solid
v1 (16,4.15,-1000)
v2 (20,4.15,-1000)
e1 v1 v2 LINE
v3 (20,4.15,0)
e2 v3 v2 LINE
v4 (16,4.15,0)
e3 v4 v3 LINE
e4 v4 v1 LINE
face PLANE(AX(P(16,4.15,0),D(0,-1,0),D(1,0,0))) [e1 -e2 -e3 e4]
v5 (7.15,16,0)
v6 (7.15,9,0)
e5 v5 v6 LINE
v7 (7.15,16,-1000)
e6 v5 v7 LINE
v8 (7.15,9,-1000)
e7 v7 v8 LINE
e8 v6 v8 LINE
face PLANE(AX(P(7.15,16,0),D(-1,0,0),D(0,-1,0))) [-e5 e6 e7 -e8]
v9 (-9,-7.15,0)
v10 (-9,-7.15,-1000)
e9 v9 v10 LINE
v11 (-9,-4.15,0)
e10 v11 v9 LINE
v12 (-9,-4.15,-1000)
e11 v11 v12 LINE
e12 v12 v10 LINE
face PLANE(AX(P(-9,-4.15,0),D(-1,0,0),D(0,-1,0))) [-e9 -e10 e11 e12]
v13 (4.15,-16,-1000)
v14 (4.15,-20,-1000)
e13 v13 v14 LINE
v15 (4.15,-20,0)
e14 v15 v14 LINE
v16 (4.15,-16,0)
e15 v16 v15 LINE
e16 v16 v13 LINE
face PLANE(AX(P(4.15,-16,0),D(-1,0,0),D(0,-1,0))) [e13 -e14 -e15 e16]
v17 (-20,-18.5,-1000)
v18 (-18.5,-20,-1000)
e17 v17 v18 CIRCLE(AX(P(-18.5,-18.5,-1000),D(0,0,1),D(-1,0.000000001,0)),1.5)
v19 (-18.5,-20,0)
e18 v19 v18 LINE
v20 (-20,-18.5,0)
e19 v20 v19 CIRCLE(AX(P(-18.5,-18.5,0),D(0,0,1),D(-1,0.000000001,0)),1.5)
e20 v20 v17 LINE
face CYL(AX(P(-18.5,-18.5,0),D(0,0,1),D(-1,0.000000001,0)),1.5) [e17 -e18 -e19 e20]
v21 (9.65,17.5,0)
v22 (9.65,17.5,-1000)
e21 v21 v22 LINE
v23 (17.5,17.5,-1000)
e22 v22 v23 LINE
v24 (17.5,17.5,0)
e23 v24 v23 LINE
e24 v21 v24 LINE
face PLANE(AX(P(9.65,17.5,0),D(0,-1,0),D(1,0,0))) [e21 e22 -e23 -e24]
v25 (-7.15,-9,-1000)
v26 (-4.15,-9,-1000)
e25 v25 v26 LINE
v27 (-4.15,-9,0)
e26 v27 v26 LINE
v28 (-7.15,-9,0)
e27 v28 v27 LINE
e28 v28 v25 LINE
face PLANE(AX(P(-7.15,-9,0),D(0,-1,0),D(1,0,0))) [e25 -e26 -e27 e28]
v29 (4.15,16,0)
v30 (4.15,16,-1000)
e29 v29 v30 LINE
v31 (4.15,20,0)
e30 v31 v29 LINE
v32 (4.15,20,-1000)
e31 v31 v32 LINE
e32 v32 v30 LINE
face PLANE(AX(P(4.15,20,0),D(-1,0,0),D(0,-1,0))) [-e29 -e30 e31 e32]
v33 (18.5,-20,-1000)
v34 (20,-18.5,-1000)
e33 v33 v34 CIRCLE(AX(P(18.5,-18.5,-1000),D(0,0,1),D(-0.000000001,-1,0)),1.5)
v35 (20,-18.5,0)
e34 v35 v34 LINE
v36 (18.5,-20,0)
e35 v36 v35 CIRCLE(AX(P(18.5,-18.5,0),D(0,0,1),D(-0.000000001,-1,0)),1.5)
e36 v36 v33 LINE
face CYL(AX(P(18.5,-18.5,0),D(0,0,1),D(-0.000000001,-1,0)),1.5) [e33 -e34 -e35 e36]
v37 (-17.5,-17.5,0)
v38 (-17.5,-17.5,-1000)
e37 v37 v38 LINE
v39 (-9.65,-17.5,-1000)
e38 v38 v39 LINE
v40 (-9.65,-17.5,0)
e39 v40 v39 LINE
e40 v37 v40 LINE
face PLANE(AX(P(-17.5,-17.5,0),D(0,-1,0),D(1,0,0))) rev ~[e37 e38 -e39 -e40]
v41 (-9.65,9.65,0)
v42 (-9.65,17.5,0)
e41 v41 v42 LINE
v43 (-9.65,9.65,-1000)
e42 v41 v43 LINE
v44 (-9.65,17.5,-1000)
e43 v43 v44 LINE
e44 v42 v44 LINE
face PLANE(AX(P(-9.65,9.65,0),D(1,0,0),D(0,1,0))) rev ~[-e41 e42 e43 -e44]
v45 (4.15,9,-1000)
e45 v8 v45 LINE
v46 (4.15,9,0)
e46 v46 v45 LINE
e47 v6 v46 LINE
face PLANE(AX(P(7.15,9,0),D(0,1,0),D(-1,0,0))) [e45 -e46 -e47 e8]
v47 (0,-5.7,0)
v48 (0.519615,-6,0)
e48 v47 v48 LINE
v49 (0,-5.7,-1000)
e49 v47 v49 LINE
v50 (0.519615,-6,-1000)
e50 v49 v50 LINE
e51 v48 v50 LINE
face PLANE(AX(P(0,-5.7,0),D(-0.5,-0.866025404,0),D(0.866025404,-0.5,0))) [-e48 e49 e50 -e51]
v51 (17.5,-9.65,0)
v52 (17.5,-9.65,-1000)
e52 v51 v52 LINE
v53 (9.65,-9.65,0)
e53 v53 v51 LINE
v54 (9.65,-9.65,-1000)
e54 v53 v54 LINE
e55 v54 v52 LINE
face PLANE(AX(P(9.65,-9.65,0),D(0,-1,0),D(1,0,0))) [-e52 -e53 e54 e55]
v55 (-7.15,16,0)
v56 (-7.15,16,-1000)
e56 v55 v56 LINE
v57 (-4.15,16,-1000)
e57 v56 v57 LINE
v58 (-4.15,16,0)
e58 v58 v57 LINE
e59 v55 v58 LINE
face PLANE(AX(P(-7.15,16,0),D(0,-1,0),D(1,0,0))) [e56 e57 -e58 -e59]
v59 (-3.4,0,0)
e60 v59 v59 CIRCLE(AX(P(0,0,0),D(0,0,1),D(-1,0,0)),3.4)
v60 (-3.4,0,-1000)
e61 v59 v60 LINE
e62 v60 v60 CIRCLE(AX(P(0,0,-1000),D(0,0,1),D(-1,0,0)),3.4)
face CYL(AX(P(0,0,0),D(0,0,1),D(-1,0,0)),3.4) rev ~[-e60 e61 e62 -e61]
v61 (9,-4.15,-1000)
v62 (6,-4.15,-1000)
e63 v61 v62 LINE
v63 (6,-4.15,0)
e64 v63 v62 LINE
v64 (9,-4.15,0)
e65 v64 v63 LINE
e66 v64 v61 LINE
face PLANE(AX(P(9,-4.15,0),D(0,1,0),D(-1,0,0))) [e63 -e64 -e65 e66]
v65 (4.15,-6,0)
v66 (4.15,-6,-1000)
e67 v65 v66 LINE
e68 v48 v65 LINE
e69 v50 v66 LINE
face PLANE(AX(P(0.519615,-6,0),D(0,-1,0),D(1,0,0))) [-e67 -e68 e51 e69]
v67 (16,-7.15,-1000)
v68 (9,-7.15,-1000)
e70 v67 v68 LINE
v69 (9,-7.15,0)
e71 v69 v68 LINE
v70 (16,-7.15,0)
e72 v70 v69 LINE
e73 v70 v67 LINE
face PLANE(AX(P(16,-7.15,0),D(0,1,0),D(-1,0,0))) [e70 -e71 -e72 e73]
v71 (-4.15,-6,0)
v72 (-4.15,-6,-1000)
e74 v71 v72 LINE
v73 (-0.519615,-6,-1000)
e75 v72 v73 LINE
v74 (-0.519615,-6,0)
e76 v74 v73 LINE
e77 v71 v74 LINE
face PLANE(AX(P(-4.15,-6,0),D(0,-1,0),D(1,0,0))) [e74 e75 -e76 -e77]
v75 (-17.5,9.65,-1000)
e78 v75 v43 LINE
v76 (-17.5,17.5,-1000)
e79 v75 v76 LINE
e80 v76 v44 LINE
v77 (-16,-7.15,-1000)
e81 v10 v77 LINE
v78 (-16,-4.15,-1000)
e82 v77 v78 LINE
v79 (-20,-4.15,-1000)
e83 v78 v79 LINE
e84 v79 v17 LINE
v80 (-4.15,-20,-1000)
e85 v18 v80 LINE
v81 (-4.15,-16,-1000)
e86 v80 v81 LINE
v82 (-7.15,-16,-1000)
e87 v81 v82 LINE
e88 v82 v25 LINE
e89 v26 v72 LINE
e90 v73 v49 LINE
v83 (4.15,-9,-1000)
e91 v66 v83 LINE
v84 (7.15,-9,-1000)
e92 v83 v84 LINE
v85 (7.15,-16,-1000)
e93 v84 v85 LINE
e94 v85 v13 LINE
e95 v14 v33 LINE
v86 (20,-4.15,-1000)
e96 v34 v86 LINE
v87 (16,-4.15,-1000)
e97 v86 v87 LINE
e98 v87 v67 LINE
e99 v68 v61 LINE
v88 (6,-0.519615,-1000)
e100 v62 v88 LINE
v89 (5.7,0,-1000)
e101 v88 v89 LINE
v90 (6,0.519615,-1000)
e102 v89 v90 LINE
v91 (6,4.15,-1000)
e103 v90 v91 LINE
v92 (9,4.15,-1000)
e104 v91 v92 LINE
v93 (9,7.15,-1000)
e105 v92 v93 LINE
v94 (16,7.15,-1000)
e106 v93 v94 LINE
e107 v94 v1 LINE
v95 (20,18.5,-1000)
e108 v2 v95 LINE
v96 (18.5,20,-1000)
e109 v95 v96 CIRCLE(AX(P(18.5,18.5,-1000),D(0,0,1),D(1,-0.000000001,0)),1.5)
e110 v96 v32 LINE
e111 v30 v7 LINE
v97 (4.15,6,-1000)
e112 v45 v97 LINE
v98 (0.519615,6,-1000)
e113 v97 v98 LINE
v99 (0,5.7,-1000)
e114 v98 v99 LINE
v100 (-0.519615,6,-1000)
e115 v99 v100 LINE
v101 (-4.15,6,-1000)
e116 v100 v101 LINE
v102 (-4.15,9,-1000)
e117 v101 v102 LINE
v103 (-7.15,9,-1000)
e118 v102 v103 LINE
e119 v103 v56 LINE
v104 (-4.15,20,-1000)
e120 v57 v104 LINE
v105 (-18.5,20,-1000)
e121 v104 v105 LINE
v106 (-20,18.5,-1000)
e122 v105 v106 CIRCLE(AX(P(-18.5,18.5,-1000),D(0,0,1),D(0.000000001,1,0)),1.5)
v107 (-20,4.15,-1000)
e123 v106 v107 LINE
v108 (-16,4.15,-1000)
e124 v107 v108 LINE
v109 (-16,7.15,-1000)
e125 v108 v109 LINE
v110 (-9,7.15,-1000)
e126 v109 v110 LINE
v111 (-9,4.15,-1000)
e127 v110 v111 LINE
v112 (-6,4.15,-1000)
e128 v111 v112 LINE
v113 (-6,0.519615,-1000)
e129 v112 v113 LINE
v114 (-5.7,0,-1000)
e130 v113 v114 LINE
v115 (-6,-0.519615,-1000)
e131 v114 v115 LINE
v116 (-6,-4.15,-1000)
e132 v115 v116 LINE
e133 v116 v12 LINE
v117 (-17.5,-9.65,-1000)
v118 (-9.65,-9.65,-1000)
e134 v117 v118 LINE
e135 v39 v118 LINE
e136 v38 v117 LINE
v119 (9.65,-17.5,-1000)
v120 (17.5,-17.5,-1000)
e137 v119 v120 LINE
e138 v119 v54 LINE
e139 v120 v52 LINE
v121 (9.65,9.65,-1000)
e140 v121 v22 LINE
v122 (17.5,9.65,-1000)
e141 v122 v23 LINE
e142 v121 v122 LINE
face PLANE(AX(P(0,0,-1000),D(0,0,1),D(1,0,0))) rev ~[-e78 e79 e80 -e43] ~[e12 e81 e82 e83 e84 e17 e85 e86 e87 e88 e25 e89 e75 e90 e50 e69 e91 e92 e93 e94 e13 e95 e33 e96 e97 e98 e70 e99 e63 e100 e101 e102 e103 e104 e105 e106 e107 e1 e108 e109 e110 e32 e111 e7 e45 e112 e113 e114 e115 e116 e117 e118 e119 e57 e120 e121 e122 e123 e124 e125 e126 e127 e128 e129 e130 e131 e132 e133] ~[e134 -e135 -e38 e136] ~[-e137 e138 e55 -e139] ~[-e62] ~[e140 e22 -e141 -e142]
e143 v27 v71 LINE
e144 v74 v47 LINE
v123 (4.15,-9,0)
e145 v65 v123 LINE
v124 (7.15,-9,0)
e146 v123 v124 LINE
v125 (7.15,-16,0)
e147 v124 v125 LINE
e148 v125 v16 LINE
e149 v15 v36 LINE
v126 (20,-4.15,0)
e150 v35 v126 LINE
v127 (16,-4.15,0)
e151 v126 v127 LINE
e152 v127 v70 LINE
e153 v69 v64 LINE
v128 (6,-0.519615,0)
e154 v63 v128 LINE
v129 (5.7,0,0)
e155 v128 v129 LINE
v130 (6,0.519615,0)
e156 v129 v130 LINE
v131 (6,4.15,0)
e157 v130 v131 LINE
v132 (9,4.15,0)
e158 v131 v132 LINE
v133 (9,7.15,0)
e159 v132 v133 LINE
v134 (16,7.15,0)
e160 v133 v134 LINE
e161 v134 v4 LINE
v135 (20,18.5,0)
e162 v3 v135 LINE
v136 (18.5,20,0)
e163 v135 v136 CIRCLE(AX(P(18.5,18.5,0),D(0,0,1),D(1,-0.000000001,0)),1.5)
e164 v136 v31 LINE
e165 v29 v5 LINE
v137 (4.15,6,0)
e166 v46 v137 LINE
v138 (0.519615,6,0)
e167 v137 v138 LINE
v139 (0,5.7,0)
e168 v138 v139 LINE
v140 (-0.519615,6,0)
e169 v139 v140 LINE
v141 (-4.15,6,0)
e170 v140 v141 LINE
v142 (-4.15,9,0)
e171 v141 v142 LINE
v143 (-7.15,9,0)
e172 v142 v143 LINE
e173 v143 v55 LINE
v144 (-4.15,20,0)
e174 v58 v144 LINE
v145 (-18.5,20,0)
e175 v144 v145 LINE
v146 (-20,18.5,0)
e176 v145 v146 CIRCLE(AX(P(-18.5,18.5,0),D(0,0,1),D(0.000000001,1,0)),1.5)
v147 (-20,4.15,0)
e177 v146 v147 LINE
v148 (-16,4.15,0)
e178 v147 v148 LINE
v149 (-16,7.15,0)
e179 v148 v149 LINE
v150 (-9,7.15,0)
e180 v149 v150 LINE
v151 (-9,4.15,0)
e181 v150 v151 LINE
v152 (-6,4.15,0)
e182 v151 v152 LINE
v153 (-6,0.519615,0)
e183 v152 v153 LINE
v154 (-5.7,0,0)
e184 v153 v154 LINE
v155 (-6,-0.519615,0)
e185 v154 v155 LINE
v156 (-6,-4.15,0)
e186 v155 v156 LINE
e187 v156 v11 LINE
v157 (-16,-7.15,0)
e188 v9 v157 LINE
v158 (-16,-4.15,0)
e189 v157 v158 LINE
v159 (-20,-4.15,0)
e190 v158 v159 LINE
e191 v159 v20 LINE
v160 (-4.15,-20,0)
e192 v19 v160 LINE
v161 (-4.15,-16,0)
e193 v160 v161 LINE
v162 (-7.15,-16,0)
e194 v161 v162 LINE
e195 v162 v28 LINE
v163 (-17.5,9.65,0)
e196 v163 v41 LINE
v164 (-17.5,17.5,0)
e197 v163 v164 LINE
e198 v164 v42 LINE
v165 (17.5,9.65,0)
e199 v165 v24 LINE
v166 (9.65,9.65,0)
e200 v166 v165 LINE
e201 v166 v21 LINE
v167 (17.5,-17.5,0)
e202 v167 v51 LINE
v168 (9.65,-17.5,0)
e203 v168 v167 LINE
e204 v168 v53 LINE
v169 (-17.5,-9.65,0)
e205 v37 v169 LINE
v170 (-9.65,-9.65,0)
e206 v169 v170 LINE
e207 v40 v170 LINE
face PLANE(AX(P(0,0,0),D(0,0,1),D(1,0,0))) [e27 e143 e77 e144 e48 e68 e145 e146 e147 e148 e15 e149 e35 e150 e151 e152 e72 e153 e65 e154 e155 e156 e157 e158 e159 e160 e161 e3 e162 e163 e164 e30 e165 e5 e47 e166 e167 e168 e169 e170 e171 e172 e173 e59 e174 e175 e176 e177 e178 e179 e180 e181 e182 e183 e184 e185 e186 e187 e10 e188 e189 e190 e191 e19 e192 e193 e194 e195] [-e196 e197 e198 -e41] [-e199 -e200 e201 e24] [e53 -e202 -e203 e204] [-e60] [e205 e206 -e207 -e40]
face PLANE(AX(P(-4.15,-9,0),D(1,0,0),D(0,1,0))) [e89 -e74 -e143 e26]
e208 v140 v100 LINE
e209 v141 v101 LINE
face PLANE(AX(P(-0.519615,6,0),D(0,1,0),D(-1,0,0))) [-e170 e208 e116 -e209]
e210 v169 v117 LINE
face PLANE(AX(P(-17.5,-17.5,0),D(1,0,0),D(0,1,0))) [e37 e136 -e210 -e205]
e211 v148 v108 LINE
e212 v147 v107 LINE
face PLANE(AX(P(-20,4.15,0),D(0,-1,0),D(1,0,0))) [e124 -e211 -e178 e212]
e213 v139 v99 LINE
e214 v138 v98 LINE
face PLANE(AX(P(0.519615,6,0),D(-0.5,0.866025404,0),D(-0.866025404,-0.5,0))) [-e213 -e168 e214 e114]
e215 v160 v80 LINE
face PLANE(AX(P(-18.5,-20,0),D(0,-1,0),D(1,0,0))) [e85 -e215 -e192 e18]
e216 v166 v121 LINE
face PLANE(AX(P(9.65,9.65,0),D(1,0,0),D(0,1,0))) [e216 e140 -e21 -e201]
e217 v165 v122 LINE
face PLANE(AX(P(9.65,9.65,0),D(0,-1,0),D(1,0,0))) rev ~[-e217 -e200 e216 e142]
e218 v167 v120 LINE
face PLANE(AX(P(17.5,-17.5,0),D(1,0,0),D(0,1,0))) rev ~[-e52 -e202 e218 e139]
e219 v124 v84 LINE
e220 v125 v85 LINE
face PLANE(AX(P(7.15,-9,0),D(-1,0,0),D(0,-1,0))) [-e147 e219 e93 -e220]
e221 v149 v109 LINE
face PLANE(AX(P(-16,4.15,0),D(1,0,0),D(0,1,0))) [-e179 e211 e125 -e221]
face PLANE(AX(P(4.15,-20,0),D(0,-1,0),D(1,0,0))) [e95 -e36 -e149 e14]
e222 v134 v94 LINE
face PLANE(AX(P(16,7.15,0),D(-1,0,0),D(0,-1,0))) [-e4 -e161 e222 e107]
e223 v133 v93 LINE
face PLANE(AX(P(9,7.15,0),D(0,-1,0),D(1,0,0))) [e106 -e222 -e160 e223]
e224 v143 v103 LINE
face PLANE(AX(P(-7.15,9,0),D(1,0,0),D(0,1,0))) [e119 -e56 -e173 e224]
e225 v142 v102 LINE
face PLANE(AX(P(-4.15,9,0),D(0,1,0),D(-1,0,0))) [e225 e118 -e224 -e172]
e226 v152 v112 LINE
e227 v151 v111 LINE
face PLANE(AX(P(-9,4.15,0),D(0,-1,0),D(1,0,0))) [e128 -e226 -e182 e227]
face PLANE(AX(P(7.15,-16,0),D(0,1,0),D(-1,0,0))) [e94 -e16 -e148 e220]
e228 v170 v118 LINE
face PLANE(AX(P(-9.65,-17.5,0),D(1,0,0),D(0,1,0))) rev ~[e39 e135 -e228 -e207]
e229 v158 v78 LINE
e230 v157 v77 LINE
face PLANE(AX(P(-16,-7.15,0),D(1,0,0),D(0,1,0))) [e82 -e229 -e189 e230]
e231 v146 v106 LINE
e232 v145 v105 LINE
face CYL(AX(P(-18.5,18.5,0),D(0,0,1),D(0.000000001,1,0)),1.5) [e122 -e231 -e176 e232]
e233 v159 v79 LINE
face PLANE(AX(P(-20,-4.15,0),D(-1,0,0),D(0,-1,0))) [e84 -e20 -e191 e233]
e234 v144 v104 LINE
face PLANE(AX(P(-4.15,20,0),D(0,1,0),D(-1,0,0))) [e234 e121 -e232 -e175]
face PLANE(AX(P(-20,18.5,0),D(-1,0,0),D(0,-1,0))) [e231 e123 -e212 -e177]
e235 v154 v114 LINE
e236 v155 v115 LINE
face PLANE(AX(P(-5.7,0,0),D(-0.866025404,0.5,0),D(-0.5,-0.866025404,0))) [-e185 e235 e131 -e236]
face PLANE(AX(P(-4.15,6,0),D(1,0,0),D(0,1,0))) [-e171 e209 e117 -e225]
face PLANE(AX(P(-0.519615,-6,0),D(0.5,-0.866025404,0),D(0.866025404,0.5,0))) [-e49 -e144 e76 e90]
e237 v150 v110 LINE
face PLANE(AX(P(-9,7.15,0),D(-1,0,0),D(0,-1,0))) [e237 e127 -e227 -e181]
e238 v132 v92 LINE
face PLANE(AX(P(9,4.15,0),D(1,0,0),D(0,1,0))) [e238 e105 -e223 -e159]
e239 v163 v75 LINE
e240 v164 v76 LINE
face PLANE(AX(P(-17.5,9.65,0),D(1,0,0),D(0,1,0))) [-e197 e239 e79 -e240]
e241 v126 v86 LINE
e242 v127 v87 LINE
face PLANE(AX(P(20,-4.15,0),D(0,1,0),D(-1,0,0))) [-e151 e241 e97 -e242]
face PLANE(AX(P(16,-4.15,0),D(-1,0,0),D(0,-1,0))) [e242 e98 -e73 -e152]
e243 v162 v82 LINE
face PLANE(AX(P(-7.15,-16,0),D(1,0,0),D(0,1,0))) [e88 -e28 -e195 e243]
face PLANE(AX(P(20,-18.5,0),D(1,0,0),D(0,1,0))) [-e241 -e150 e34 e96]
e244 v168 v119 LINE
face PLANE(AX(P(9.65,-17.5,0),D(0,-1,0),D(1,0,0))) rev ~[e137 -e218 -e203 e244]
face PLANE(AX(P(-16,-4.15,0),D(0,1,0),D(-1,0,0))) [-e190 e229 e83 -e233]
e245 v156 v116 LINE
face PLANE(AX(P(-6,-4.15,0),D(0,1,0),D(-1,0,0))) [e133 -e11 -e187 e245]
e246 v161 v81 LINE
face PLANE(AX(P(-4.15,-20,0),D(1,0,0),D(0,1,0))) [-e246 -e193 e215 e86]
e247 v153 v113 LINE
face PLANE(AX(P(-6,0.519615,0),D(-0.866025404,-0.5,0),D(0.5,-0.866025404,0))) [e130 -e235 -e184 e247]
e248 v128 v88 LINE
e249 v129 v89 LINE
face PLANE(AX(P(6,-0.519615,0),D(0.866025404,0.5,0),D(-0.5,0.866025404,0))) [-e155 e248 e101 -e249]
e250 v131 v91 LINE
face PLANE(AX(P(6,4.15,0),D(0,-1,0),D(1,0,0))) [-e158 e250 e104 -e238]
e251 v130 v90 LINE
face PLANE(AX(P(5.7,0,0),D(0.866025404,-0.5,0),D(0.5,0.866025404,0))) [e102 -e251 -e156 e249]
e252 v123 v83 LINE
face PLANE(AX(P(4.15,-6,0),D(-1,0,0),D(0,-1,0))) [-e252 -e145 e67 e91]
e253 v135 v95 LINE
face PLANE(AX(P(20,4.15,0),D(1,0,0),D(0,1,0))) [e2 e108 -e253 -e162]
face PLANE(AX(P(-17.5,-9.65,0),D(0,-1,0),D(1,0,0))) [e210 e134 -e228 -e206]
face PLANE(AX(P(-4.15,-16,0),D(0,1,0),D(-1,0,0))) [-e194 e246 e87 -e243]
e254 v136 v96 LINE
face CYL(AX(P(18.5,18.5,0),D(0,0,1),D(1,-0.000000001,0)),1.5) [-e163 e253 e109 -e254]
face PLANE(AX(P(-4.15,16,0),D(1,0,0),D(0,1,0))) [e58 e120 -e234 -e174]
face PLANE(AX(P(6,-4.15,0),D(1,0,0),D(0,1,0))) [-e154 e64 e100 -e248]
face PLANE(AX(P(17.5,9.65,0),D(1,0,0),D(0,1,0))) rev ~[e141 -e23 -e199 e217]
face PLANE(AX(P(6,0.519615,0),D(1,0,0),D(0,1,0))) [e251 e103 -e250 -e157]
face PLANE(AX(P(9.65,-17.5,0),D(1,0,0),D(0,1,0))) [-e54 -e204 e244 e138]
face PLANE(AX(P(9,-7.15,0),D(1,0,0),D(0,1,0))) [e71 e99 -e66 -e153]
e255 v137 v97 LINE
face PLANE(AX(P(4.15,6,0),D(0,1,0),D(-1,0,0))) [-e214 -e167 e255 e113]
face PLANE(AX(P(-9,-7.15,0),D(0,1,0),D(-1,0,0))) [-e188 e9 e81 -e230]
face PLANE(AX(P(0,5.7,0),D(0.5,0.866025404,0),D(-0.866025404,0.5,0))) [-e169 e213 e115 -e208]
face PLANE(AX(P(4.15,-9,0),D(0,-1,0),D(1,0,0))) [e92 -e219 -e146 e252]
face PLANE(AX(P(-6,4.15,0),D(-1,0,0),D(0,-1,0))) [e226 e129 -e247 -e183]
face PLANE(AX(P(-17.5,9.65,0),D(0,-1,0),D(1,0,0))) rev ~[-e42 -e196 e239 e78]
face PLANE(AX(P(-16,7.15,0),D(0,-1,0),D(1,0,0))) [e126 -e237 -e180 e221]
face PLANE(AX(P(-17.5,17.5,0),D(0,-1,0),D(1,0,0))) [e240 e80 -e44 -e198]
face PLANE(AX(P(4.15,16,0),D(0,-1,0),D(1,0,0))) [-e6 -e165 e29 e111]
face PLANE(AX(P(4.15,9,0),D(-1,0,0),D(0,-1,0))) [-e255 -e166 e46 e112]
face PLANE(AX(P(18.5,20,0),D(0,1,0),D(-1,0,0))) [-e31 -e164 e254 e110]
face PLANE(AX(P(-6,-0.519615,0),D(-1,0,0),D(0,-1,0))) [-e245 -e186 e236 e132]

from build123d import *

# Parameters (mm, degrees)
SKETCH1_R           = 3.4
SKETCH1_W           = 7.85
SKETCH1_H           = 7.85
BOSS_EXTRUDE1_DEPTH = 1000


with BuildPart() as part:
    # Sketch1 → Boss-Extrude1 (new body)
    with BuildSketch(Plane.XY):
        with BuildLine():
            Line((-7.15, 16), (-4.15, 16))
            Line((-4.15, 16), (-4.15, 20))
            Line((-4.15, 20), (-18.5, 20))
            ThreePointArc((-18.5, 20), (-19.560660172, 19.560660172), (-20, 18.5))
            Line((-20, 18.5), (-20, 4.15))
            Line((-20, 4.15), (-16, 4.15))
            Line((-16, 4.15), (-16, 7.15))
            Line((-16, 7.15), (-9, 7.15))
            Line((-9, 7.15), (-9, 4.15))
            Line((-9, 4.15), (-6, 4.15))
            Line((-6, 4.15), (-6, 0.519615242))
            Line((-6, 0.519615242), (-5.7, 0))
            Line((-5.7, 0), (-6, -0.519615242))
            Line((-6, -0.519615242), (-6, -4.15))
            Line((-6, -4.15), (-9, -4.15))
            Line((-9, -4.15), (-9, -7.15))
            Line((-9, -7.15), (-16, -7.15))
            Line((-16, -7.15), (-16, -4.15))
            Line((-16, -4.15), (-20, -4.15))
            Line((-20, -4.15), (-20, -18.5))
            ThreePointArc((-20, -18.5), (-19.560660172, -19.560660172), (-18.5, -20))
            Line((-18.5, -20), (-4.15, -20))
            Line((-4.15, -20), (-4.15, -16))
            Line((-4.15, -16), (-7.15, -16))
            Line((-7.15, -16), (-7.15, -9))
            Line((-7.15, -9), (-4.15, -9))
            Line((-4.15, -9), (-4.15, -6))
            Line((-4.15, -6), (-0.519615242, -6))
            Line((-0.519615242, -6), (0, -5.7))
            Line((0, -5.7), (0.519615242, -6))
            Line((0.519615242, -6), (4.15, -6))
            Line((4.15, -6), (4.15, -9))
            Line((4.15, -9), (7.15, -9))
            Line((7.15, -9), (7.15, -16))
            Line((7.15, -16), (4.15, -16))
            Line((4.15, -16), (4.15, -20))
            Line((4.15, -20), (18.5, -20))
            ThreePointArc((18.5, -20), (19.560660172, -19.560660172), (20, -18.5))
            Line((20, -18.5), (20, -4.15))
            Line((20, -4.15), (16, -4.15))
            Line((16, -4.15), (16, -7.15))
            Line((16, -7.15), (9, -7.15))
            Line((9, -7.15), (9, -4.15))
            Line((9, -4.15), (6, -4.15))
            Line((6, -4.15), (6, -0.519615242))
            Line((6, -0.519615242), (5.7, 0))
            Line((5.7, 0), (6, 0.519615242))
            Line((6, 0.519615242), (6, 4.15))
            Line((6, 4.15), (9, 4.15))
            Line((9, 4.15), (9, 7.15))
            Line((9, 7.15), (16, 7.15))
            Line((16, 7.15), (16, 4.15))
            Line((16, 4.15), (20, 4.15))
            Line((20, 4.15), (20, 18.5))
            ThreePointArc((20, 18.5), (19.560660172, 19.560660172), (18.5, 20))
            Line((18.5, 20), (4.15, 20))
            Line((4.15, 20), (4.15, 16))
            Line((4.15, 16), (7.15, 16))
            Line((7.15, 16), (7.15, 9))
            Line((7.15, 9), (4.15, 9))
            Line((4.15, 9), (4.15, 6))
            Line((4.15, 6), (0.519615242, 6))
            Line((0.519615242, 6), (0, 5.7))
            Line((0, 5.7), (-0.519615242, 6))
            Line((-0.519615242, 6), (-4.15, 6))
            Line((-4.15, 6), (-4.15, 9))
            Line((-4.15, 9), (-7.15, 9))
            Line((-7.15, 9), (-7.15, 16))
        make_face()
        with Locations(Location((0, 0, 0), (0, 0, 180))):
            Circle(SKETCH1_R, mode=Mode.SUBTRACT)
        with Locations((-13.575, 13.575)):
            Rectangle(SKETCH1_W, SKETCH1_H, mode=Mode.SUBTRACT)
        with Locations((13.575, 13.575)):
            Rectangle(SKETCH1_W, SKETCH1_H, mode=Mode.SUBTRACT)
        with Locations((-13.575, -13.575)):
            Rectangle(SKETCH1_W, SKETCH1_H, mode=Mode.SUBTRACT)
        with Locations((13.575, -13.575)):
            Rectangle(SKETCH1_W, SKETCH1_H, mode=Mode.SUBTRACT)
    extrude(amount=-BOSS_EXTRUDE1_DEPTH)


solid = part.part
